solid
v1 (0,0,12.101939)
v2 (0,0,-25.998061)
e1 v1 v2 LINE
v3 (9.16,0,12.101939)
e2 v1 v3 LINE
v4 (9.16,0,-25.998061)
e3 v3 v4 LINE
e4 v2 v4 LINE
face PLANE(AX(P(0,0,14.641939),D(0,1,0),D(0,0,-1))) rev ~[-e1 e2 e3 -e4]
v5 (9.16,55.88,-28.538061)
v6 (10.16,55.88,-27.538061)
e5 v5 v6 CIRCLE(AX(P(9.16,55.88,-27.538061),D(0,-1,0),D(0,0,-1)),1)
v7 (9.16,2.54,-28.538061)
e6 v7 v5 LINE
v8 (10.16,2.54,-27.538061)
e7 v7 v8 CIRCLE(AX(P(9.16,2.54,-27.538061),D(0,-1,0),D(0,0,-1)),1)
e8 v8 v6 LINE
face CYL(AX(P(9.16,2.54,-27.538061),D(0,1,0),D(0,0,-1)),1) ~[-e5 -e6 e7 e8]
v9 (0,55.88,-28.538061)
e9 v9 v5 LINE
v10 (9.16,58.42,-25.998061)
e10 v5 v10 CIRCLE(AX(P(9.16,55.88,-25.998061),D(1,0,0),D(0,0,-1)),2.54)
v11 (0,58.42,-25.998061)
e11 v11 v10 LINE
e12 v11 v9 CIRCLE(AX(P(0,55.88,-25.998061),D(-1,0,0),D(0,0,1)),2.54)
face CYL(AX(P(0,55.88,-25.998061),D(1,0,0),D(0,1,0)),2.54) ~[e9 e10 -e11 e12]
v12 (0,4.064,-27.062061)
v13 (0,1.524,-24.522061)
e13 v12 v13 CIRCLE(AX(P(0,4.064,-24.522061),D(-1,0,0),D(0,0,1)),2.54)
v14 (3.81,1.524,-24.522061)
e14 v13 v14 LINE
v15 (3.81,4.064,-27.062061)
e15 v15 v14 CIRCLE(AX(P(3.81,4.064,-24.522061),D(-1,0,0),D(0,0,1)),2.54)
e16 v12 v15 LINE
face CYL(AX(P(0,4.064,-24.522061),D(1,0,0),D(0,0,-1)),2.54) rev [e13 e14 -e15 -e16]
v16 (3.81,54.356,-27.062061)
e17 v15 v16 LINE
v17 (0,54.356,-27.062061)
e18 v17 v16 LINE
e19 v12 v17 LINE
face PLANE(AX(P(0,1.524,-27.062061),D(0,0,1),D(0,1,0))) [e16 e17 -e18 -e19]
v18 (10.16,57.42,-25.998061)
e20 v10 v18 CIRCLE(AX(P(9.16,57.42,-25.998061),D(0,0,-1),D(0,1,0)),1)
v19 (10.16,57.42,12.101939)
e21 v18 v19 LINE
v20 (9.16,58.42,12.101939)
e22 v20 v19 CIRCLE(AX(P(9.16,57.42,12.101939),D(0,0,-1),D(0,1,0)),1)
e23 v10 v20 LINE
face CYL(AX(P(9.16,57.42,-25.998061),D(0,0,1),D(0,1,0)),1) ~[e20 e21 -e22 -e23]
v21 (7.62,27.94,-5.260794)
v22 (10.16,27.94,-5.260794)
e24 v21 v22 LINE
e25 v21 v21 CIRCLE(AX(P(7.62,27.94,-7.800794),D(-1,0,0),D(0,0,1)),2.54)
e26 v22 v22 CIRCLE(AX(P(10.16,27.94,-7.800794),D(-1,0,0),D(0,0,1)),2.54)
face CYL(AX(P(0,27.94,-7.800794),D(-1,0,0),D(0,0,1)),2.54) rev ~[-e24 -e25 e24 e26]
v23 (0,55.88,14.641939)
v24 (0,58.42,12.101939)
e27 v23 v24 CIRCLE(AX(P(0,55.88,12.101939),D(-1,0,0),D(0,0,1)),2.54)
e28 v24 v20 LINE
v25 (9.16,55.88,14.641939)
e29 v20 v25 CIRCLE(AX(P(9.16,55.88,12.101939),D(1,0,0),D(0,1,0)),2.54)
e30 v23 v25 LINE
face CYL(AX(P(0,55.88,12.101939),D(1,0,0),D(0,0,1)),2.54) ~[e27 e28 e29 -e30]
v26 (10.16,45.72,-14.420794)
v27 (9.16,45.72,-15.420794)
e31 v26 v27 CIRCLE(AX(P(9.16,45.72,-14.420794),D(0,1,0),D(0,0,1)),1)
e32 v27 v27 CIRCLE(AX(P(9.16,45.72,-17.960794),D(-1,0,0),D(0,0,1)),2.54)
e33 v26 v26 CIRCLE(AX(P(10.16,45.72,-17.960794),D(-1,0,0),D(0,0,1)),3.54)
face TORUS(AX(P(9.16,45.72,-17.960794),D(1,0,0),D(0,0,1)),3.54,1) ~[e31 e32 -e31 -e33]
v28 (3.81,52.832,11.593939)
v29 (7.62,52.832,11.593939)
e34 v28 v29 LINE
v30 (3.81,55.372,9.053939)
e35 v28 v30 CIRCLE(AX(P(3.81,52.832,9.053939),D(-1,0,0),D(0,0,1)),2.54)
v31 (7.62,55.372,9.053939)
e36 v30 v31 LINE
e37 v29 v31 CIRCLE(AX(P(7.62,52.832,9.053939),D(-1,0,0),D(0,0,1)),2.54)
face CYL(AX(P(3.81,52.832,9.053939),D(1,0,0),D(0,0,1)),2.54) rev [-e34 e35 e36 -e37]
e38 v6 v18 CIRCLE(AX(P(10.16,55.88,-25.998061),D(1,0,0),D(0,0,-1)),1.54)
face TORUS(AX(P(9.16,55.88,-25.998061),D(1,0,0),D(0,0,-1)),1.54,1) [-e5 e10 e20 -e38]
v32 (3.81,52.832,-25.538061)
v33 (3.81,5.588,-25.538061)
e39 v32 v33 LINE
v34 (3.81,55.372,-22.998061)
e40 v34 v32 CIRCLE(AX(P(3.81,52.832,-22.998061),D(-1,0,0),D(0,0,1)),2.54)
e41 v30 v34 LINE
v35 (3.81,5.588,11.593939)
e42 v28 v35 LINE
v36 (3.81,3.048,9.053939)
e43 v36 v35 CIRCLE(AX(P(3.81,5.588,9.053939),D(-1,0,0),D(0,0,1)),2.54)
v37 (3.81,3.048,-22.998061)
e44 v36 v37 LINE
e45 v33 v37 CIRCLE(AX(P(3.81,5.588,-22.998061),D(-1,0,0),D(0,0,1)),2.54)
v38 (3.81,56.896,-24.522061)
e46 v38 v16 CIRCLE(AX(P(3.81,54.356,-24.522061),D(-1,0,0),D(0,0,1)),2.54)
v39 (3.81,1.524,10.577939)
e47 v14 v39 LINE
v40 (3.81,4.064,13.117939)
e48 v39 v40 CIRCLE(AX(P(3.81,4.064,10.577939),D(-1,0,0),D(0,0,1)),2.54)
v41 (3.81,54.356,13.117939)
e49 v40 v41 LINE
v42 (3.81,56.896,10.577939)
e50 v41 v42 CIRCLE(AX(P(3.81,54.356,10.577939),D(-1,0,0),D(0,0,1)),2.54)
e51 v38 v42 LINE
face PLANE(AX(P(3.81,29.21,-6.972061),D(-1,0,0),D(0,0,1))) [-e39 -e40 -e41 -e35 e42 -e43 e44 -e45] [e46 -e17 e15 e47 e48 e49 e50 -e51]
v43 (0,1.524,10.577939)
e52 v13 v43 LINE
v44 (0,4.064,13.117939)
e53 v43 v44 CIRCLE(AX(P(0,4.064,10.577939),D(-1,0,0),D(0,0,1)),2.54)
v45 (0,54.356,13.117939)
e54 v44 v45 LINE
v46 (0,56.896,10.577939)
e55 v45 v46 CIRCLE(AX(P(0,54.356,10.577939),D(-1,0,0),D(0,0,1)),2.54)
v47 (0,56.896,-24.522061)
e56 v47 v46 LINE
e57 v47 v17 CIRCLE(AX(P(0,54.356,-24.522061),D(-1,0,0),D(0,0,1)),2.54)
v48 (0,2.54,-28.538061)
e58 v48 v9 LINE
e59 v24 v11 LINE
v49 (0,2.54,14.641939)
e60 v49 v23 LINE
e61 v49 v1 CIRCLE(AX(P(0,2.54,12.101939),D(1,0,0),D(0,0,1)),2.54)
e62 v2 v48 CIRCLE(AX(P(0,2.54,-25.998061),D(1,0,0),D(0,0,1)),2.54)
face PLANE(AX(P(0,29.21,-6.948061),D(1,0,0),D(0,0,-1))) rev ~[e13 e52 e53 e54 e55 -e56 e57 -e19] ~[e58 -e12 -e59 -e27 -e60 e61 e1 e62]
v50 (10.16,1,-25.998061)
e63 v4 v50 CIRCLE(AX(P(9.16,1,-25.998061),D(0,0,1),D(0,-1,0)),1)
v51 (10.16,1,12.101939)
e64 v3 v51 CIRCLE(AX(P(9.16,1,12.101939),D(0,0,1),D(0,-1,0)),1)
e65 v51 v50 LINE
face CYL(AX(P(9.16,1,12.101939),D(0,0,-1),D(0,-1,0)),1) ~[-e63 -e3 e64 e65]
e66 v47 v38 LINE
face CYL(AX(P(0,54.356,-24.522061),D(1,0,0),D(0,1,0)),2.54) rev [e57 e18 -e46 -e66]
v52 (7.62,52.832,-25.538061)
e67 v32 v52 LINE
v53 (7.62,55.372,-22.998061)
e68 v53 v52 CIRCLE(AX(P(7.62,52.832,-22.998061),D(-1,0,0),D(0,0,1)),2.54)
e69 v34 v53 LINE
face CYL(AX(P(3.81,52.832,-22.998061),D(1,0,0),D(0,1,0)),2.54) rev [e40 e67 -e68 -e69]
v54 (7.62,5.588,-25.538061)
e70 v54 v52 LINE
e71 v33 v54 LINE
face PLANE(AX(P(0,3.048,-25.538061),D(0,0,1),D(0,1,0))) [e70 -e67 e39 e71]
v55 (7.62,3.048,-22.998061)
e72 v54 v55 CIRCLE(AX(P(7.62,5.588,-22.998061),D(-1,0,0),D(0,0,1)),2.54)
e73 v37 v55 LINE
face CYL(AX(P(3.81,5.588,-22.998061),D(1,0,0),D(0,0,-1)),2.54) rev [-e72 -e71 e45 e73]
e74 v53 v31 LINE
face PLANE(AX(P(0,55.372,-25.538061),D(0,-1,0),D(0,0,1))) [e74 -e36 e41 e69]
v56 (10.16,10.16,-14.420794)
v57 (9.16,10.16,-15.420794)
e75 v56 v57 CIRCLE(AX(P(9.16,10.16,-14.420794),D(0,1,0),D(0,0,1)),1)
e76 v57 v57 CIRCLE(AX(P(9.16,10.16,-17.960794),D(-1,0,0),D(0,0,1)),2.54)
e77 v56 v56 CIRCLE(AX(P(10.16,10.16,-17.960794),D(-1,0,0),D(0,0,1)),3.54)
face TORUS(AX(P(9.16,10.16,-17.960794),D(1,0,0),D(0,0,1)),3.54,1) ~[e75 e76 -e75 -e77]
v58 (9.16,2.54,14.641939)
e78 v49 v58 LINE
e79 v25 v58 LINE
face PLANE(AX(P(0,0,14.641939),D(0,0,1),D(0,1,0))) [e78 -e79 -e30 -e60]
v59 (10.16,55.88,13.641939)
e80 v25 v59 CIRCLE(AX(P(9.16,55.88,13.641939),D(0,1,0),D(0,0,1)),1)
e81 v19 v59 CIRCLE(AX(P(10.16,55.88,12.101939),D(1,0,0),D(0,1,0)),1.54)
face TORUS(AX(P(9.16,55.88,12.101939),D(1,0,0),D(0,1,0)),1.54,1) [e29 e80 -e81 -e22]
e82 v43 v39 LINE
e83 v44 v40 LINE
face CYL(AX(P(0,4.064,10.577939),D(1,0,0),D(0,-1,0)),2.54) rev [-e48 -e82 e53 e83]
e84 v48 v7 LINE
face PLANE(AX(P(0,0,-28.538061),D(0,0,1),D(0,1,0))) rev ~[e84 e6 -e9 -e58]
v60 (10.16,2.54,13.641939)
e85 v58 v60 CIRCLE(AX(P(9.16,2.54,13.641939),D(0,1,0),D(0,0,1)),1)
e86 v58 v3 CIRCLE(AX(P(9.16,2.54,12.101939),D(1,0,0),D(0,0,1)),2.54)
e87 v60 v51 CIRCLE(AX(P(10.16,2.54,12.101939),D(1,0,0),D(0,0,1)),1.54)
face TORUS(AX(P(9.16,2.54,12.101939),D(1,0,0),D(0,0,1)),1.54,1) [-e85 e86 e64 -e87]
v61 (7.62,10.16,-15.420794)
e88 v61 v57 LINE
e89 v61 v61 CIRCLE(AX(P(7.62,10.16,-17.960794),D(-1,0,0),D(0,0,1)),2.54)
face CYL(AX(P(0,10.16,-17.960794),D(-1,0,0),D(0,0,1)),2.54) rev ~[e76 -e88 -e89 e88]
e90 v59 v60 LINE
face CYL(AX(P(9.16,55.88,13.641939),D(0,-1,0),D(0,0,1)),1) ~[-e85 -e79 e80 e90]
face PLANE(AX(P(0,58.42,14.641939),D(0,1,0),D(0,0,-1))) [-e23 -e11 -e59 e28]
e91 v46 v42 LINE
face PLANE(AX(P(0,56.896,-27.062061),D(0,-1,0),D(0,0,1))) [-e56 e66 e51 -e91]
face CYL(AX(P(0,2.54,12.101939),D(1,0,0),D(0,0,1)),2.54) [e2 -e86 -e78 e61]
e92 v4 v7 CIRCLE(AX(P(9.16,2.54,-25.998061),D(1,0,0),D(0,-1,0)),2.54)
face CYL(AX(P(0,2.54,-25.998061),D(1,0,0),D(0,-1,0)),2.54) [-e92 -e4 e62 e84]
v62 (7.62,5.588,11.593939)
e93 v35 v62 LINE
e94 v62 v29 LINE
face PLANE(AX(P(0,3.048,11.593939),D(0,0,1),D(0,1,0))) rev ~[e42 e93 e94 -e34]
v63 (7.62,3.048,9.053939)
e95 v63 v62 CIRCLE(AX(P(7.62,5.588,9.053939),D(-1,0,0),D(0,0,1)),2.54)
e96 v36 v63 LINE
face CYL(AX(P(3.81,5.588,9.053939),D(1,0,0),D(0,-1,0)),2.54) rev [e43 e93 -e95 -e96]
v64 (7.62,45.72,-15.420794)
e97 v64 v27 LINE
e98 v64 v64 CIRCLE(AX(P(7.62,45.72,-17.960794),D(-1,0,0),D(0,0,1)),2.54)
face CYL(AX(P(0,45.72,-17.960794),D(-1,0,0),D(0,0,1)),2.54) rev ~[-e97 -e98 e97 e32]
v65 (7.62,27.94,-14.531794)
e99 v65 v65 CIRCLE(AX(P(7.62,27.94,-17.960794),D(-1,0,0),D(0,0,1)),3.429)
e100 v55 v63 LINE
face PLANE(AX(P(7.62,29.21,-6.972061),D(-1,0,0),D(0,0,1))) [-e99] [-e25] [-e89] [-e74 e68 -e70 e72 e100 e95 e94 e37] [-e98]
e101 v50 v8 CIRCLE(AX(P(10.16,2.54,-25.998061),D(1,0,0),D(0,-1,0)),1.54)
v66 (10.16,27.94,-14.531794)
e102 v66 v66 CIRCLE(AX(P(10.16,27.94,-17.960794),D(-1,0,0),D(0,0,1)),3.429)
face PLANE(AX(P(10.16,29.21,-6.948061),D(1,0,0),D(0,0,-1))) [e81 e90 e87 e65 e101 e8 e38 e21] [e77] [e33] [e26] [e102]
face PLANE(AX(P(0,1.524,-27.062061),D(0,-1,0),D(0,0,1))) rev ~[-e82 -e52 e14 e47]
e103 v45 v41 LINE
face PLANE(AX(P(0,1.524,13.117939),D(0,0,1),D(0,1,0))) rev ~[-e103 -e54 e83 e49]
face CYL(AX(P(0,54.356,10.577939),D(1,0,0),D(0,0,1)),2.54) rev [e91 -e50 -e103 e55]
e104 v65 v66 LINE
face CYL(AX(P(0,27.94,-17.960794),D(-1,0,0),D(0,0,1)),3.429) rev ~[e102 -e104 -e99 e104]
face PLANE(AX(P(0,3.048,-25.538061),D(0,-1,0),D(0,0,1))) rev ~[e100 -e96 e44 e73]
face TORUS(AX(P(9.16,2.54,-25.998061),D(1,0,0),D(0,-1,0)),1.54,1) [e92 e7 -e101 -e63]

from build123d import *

# Parameters (mm, degrees)
SKETCH1_W           = 43.18
SKETCH1_H           = 58.42
BOSS_EXTRUDE1_DEPTH = 10.16
SKETCH2_R           = 2.54
SKETCH2_R_2         = 3.429
CUT_EXTRUDE2_DEPTH  = 66.806860754
SKETCH3_W           = 37.132
SKETCH3_H           = 52.324
CUT_EXTRUDE3_DEPTH  = 7.62
SKETCH4_W           = 40.18
SKETCH4_H           = 55.372
CUT_EXTRUDE4_DEPTH  = 3.81
FILLET1_R           = 2.54
FILLET2_R           = 2.54
FILLET3_R           = 2.54
FILLET4_R           = 2.54
FILLET5_R           = 2.54
FILLET6_R           = 1
FILLET7_R           = 1
FILLET8_R           = 1


with BuildPart() as part:
    # Sketch1 → Boss-Extrude1 (new body)
    with BuildSketch(Plane(origin=(0, 0, 0), x_dir=(0, 0, -1), z_dir=(1, 0, 0))):
        with Locations((6.948060942, 29.21)):
            Rectangle(SKETCH1_W, SKETCH1_H)
    extrude(amount=BOSS_EXTRUDE1_DEPTH)

    # Sketch2 → Cut-Extrude2 (cut, through all)
    with BuildSketch(Plane.ZY):
        with Locations((-17.960793947, 10.16)):
            Circle(SKETCH2_R)
        with Locations((-17.960793947, 45.72)):
            Circle(SKETCH2_R)
        with Locations((-17.960793947, 27.94)):
            Circle(SKETCH2_R_2)
        with Locations((-7.800793947, 27.94)):
            Circle(SKETCH2_R)
    extrude(amount=-CUT_EXTRUDE2_DEPTH, mode=Mode.SUBTRACT)

    # Sketch3 → Cut-Extrude3 (cut)
    with BuildSketch(Plane.ZY):
        with Locations((-6.972060942, 29.21)):
            Rectangle(SKETCH3_W, SKETCH3_H)
    extrude(amount=-CUT_EXTRUDE3_DEPTH, mode=Mode.SUBTRACT)

    # Sketch4 → Cut-Extrude4 (cut)
    with BuildSketch(Plane.ZY):
        with Locations((-6.972060942, 29.21)):
            Rectangle(SKETCH4_W, SKETCH4_H)
    extrude(amount=-CUT_EXTRUDE4_DEPTH, mode=Mode.SUBTRACT)

    # Fillet1
    fillet1_edges = [part.edges().sort_by_distance(p)[0] for p in [
        (5.715, 3.048, -25.538060942),
        (1.905, 1.524, -27.062060942),
    ]]
    fillet(fillet1_edges, radius=FILLET1_R)

    # Fillet2
    fillet2_edges = [part.edges().sort_by_distance(p)[0] for p in [
        (5.715, 3.048, 11.593939058),
        (1.905, 1.524, 13.117939058),
    ]]
    fillet(fillet2_edges, radius=FILLET2_R)

    # Fillet3
    fillet3_edges = [part.edges().sort_by_distance(p)[0] for p in [
        (5.715, 55.372, 11.593939058),
        (1.905, 56.896, 13.117939058),
    ]]
    fillet(fillet3_edges, radius=FILLET3_R)

    # Fillet4
    fillet4_edges = [part.edges().sort_by_distance(p)[0] for p in [
        (5.715, 55.372, -25.538060942),
        (1.905, 56.896, -27.062060942),
    ]]
    fillet(fillet4_edges, radius=FILLET4_R)

    # Fillet5
    fillet5_edges = [part.edges().sort_by_distance(p)[0] for p in [
        (5.08, 58.42, 14.641939058),
        (5.08, 58.42, -28.538060942),
        (5.08, 0, -28.538060942),
        (5.08, 0, 14.641939058),
    ]]
    fillet(fillet5_edges, radius=FILLET5_R)

    # Fillet6
    fillet6_edges = [part.edges().sort_by_distance(p)[0] for p in [
        (10.16, 29.21, -28.538060942),
        (10.16, 0, -6.948060942),
        (10.16, 29.21, 14.641939058),
        (10.16, 58.42, -6.948060942),
        (10.16, 57.676051224, 13.897990282),
        (10.16, 57.676051224, -27.794112166),
        (10.16, 0.743948776, 13.897990282),
        (10.16, 0.743948776, -27.794112166),
    ]]
    fillet(fillet6_edges, radius=FILLET6_R)

    # Fillet7
    fillet7_edges = [part.edges().sort_by_distance(p)[0] for p in [
        (10.16, 45.72, -20.500793947),
    ]]
    fillet(fillet7_edges, radius=FILLET7_R)

    # Fillet8
    fillet8_edges = [part.edges().sort_by_distance(p)[0] for p in [
        (10.16, 10.16, -20.500793947),
    ]]
    fillet(fillet8_edges, radius=FILLET8_R)


solid = part.part
